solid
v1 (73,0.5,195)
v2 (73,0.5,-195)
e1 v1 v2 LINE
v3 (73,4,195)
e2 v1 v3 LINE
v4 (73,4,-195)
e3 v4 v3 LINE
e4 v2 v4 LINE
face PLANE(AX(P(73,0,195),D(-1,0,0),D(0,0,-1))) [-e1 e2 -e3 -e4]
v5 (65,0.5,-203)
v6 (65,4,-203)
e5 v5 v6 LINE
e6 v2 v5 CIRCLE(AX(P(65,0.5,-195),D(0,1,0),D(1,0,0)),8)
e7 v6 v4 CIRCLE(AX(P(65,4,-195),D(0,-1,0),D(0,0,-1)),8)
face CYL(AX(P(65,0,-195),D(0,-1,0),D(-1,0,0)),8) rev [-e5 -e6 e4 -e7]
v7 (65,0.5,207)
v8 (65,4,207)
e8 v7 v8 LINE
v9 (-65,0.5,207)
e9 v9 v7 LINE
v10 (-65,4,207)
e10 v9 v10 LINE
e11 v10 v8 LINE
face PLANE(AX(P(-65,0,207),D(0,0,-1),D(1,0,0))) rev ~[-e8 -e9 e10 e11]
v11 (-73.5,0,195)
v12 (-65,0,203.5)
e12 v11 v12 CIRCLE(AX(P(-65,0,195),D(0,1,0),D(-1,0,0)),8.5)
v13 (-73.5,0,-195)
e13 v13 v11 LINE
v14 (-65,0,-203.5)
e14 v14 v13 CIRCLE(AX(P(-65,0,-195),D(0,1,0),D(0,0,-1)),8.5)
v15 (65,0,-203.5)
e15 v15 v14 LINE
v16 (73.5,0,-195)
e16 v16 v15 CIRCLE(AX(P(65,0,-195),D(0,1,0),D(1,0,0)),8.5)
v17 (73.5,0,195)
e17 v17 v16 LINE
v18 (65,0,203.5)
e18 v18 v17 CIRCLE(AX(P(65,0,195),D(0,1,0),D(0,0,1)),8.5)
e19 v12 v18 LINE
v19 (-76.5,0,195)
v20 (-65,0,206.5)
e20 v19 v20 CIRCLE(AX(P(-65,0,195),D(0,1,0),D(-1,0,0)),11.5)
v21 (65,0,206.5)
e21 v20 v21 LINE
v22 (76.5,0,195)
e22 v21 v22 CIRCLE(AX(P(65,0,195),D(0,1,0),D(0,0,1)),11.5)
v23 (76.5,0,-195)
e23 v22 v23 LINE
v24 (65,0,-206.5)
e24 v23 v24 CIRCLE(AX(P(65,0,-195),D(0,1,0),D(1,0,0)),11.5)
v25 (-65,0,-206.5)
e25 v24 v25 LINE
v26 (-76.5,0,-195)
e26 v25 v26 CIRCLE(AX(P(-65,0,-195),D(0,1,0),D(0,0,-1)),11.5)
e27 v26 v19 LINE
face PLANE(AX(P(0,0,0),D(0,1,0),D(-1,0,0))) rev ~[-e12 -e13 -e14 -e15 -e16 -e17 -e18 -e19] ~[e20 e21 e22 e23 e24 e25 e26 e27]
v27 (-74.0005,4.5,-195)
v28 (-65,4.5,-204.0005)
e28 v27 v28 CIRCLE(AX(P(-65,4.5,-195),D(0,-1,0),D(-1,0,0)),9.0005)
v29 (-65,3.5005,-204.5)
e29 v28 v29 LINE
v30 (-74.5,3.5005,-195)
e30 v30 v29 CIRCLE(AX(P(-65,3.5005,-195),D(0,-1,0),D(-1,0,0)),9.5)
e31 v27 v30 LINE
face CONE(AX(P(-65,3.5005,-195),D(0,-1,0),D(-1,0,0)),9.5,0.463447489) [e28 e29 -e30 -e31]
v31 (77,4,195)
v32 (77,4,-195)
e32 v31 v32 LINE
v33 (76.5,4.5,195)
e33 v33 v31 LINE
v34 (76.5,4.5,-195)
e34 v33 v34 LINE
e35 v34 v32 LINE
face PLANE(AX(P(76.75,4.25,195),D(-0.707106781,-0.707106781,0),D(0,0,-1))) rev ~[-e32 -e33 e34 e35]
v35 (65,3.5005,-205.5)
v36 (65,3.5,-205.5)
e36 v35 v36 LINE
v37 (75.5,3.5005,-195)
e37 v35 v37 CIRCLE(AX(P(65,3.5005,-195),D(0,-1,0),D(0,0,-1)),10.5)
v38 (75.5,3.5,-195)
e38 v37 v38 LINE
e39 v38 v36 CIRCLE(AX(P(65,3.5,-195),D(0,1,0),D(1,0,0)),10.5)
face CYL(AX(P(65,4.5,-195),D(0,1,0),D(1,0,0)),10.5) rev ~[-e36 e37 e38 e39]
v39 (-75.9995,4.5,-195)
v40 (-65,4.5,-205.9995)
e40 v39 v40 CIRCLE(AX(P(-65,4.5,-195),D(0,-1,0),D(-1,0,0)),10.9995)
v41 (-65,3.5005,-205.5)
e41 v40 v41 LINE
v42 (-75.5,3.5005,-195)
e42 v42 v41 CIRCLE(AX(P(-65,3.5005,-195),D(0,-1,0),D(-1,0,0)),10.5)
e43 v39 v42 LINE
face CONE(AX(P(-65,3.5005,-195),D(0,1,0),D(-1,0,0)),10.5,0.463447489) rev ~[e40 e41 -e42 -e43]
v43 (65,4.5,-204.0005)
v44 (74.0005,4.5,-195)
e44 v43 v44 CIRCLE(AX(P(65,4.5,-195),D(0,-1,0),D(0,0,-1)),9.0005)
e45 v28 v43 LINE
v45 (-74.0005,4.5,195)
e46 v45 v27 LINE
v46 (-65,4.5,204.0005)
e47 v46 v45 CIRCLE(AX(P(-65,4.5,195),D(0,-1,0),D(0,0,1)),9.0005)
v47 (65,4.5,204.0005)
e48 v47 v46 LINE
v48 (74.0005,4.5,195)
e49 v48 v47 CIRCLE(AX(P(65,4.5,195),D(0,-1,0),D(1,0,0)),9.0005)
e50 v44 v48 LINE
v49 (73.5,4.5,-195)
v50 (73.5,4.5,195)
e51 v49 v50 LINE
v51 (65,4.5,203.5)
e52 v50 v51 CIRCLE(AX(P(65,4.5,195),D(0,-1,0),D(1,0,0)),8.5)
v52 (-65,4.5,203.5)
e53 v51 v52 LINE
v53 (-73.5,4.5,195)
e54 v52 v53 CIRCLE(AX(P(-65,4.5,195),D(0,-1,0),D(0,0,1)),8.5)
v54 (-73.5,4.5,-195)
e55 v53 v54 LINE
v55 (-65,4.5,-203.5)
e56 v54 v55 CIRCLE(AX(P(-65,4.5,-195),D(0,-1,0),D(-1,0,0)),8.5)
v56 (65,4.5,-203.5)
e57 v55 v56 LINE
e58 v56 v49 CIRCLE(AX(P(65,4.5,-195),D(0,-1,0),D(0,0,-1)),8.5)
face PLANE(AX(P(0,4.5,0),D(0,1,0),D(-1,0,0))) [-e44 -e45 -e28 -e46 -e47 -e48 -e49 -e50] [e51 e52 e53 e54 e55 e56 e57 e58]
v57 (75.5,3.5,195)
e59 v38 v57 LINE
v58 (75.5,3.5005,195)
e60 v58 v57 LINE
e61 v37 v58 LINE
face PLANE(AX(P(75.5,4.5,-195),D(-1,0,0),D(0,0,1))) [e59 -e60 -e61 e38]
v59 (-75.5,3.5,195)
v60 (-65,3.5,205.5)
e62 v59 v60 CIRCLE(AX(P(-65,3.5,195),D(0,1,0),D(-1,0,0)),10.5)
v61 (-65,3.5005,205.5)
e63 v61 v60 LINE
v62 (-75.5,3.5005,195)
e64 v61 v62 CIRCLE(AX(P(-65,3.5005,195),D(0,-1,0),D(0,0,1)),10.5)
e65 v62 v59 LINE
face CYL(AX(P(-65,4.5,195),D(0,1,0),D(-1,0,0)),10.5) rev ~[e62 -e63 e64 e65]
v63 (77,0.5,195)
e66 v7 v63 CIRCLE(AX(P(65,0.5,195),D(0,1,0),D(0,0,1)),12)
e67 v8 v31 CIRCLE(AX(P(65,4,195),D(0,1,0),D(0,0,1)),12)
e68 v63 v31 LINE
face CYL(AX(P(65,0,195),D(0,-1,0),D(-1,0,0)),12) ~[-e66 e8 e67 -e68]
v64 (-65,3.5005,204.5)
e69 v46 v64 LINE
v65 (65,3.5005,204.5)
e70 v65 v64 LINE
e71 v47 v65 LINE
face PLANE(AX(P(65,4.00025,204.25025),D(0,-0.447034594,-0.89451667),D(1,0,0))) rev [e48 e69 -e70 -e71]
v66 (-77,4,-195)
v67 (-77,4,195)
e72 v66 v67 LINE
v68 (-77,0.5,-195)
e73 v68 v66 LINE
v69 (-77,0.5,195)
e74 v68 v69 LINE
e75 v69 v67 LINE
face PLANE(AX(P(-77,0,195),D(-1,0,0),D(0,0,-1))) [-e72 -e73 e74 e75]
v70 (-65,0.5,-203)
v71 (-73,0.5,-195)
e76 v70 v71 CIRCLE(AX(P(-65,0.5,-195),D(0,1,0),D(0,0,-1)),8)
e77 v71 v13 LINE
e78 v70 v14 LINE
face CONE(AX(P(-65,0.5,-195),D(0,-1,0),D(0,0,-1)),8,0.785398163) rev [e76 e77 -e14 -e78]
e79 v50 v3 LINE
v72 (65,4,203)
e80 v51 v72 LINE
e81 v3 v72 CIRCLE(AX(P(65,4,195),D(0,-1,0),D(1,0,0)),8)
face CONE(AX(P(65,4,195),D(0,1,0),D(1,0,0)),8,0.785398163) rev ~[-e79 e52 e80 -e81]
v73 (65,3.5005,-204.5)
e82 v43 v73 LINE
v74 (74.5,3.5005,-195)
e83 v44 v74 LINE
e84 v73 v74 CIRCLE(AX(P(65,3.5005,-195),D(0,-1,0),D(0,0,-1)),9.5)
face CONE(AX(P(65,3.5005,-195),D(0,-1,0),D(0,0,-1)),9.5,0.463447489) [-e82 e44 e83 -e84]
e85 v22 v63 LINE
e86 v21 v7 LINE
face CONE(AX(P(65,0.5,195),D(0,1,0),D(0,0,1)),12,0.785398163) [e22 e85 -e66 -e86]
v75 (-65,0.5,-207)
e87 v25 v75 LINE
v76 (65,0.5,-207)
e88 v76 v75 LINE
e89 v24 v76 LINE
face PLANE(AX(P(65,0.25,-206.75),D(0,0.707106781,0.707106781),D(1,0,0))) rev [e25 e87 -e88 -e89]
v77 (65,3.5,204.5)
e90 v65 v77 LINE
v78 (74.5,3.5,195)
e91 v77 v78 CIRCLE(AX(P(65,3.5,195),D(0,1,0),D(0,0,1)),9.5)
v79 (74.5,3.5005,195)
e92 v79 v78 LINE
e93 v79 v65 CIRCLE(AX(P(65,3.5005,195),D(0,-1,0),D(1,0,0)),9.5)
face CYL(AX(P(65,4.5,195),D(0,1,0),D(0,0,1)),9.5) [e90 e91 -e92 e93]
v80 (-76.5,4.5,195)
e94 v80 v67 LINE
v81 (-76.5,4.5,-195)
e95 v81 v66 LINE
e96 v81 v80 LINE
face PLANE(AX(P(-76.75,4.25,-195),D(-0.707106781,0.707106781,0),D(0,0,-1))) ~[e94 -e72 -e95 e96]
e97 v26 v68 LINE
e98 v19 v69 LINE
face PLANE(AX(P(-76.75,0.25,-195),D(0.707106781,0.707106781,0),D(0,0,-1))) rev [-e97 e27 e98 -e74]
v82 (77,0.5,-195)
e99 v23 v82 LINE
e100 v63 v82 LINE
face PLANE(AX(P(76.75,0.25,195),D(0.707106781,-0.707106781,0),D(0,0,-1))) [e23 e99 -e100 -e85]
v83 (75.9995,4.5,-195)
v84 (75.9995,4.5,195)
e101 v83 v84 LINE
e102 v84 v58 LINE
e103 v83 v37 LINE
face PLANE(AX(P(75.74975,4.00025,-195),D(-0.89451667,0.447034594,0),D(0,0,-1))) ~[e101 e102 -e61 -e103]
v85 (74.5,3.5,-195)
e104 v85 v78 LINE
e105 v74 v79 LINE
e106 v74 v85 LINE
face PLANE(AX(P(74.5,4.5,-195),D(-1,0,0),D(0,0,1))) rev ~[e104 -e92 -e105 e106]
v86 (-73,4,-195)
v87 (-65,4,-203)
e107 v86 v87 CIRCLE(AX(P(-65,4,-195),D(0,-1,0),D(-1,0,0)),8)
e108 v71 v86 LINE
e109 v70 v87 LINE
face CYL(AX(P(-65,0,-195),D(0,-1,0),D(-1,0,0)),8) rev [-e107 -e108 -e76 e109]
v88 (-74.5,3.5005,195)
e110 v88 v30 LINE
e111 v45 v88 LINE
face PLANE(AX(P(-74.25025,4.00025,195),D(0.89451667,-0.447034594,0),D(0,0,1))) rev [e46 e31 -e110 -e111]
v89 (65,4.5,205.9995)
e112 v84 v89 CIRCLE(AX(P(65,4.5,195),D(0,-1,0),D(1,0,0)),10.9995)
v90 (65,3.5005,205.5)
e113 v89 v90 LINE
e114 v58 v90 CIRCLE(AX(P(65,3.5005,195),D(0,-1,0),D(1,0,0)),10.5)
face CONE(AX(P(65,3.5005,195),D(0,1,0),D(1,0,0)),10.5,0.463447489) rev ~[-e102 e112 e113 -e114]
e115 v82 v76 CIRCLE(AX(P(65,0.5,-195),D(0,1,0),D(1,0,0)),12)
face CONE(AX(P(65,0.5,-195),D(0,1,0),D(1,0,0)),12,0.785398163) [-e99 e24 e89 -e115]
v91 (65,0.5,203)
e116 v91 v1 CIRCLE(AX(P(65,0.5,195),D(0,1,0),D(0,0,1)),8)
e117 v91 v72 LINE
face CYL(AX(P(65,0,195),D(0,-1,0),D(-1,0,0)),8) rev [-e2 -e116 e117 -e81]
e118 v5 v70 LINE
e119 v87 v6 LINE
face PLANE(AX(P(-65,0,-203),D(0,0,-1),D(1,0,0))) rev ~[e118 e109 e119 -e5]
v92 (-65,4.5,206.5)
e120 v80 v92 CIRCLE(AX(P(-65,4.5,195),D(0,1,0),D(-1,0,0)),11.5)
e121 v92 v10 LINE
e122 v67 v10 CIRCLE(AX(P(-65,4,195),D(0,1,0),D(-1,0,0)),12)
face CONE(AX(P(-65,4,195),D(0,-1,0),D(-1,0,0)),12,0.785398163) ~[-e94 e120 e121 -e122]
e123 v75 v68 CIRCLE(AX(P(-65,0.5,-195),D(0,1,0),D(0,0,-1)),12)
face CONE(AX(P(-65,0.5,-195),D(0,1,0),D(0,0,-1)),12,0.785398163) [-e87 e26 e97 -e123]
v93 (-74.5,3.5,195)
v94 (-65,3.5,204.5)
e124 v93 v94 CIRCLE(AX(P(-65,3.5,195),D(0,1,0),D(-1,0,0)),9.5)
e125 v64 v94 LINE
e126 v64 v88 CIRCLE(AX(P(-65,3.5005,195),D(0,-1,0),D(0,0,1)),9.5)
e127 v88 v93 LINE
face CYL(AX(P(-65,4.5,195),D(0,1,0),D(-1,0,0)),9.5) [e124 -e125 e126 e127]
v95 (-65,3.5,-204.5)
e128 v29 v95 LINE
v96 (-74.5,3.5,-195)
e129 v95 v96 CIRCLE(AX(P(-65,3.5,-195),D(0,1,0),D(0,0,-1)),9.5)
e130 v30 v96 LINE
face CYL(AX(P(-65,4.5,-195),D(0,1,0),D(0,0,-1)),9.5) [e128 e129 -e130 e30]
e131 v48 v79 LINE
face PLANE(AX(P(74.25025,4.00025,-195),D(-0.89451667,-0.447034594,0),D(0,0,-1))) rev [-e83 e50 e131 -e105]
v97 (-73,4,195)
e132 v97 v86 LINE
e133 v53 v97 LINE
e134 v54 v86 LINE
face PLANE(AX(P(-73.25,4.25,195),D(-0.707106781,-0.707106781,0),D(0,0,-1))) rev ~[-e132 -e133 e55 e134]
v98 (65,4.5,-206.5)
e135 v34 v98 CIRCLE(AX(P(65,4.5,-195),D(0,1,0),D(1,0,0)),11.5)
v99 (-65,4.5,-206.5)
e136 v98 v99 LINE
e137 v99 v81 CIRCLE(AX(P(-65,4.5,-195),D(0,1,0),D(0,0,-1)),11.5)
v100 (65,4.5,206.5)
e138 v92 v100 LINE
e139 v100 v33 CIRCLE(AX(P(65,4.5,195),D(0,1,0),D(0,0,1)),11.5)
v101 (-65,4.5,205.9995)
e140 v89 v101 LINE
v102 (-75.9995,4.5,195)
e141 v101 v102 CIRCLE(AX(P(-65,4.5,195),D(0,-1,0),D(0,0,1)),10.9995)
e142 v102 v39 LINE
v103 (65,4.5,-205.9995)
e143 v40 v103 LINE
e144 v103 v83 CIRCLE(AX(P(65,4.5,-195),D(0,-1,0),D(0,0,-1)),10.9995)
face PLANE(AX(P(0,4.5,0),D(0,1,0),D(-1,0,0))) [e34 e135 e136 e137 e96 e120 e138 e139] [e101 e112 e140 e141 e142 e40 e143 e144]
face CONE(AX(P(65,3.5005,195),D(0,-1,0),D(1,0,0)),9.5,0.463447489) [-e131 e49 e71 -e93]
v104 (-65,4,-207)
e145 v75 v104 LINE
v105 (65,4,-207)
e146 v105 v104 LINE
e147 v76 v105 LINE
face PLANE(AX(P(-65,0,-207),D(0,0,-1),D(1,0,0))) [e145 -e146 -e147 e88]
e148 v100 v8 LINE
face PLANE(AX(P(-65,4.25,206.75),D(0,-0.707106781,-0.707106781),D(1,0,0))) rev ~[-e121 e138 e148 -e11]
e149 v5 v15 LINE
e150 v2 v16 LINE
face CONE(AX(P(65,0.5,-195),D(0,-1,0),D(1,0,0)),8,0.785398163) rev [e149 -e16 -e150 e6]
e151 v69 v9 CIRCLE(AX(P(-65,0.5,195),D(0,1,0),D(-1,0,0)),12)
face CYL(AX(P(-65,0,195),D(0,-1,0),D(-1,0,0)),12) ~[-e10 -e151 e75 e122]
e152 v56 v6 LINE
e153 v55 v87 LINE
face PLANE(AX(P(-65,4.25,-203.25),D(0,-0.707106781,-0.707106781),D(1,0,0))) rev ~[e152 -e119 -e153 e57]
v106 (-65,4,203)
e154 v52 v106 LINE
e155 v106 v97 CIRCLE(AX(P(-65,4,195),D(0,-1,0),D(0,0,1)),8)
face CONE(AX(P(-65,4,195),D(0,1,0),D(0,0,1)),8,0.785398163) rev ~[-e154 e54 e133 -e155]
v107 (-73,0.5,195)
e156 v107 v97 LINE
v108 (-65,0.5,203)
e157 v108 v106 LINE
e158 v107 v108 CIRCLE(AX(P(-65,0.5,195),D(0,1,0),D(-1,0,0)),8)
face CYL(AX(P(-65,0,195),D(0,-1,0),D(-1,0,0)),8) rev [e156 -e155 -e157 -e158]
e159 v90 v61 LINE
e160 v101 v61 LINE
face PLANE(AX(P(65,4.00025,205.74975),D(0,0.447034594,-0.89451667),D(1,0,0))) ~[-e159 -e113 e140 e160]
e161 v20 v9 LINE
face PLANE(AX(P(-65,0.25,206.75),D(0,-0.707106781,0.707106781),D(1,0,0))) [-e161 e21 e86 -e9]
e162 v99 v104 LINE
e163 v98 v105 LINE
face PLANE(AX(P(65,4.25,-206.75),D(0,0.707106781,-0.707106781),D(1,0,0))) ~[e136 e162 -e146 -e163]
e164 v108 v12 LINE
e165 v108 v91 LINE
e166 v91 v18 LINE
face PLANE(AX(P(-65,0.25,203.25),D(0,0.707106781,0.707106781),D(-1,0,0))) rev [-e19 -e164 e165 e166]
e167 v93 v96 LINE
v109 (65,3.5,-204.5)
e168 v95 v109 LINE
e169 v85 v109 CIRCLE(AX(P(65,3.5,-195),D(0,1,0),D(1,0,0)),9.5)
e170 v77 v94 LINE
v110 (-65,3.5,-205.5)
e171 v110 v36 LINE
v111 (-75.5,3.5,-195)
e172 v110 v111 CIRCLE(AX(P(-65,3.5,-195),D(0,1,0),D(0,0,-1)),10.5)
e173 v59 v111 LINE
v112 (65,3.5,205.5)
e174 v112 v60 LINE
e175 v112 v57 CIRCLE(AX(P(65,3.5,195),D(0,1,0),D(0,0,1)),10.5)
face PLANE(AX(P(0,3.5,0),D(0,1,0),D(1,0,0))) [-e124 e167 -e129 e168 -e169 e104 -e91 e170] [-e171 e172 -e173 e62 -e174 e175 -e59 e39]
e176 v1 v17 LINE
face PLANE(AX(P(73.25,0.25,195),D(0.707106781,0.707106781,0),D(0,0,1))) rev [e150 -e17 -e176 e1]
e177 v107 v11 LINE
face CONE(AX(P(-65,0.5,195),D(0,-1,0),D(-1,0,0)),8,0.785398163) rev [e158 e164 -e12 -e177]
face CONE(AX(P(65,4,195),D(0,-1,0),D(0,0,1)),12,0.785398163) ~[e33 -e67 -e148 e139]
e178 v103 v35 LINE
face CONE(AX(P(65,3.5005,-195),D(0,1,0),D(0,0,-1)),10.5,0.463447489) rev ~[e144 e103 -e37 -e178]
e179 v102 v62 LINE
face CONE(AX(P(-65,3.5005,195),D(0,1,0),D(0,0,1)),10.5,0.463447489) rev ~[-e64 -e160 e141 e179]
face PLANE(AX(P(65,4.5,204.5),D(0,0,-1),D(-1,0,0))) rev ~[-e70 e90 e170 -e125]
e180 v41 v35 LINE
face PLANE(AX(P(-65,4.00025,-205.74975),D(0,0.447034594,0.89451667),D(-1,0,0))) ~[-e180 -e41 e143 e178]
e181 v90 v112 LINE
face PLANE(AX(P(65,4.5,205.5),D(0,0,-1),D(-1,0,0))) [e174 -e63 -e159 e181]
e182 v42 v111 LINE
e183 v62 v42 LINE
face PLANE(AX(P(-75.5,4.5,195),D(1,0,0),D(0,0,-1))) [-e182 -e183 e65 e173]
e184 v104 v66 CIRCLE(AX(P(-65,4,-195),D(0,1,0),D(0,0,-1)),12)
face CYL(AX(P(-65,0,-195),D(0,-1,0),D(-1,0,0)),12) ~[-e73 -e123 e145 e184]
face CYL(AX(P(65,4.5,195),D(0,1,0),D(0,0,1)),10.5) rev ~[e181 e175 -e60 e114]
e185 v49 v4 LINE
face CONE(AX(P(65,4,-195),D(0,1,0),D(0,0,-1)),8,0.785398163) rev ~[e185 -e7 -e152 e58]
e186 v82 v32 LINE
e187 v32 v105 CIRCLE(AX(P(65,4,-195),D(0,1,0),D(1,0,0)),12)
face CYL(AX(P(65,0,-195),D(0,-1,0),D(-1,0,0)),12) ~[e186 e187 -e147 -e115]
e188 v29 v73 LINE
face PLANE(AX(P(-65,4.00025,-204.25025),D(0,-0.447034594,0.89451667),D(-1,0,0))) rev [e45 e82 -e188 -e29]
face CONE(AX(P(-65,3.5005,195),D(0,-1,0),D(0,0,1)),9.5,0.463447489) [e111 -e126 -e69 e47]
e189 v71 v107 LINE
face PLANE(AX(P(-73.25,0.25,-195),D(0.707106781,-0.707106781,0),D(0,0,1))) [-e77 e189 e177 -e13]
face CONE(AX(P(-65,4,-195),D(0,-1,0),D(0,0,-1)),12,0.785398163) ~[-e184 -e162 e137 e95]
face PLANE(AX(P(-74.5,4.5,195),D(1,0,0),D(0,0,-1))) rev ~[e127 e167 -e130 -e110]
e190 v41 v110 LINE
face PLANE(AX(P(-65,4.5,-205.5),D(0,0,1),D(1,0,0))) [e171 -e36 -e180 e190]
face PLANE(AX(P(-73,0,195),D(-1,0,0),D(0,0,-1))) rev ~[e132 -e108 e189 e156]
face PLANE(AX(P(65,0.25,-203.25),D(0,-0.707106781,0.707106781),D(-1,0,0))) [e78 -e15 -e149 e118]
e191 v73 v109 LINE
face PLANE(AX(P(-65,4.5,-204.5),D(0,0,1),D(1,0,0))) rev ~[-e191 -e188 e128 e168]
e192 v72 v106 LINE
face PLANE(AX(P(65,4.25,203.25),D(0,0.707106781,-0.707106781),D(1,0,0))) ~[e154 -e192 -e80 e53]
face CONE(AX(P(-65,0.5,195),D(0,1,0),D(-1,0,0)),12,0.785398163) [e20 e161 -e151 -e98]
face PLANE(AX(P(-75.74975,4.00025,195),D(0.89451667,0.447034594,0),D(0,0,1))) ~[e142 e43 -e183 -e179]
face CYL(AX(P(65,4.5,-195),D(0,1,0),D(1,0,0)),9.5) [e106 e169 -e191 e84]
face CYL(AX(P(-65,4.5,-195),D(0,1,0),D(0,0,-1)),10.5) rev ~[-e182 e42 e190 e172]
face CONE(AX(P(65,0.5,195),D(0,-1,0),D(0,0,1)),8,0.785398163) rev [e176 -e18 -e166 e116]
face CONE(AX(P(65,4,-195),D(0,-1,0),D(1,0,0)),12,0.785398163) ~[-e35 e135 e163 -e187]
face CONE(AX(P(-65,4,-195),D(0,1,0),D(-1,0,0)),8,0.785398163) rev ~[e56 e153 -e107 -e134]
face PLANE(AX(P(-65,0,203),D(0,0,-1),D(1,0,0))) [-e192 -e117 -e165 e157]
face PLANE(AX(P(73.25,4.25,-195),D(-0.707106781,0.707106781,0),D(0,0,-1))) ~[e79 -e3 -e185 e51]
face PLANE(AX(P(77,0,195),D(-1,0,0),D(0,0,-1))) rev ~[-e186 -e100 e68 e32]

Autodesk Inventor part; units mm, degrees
ref_plane "YZ Plane" through (0, 0, 0) normal (1, 0, 0) x (0, 1, 0)
ref_plane "XZ Plane" through (0, 0, 0) normal (0, 1, 0) x (-1, 0, 0)
ref_plane "XY Plane" through (0, 0, 0) normal (0, 0, 1) x (1, 0, 0)
sketch "Sketch1" plane through (0, 0, 0) normal (0, 1, 0) x (-1, 0, 0)
  circle A0 centre (65, 195) radius 12
  circle A1 centre (65, -195) radius 12
  circle A2 centre (-65, 195) radius 12
  circle A3 centre (-65, -195) radius 12
  line L0 (77, 195) -> (77, -195)
  line L1 (65, -207) -> (-65, -207)
  line L2 (65, 207) -> (-65, 207)
  line L3 (-77, 195) -> (-77, -195)
  line L4 (73, 195) -> (73, -195)
  circle A4 centre (65, 195) radius 8
  line L5 (65, 203) -> (-65, 203)
  circle A5 centre (-65, 195) radius 8
  line L6 (-73, 195) -> (-73, -195)
  circle A6 centre (-65, -195) radius 8
  line L7 (65, -203) -> (-65, -203)
  circle A7 centre (65, -195) radius 8
  point P0 (0, 0)
  point P1 (77, 0)
  point P2 (0, 207)
  point P3 (35, 143)
  point P4 (68, 135)
  point P5 (68, -135)
  point P6 (35, -143)
  point P7 (-60, -203)
  point P8 (-68, -135)
  point P9 (-68, 135)
  point P10 (-60, 203)
  dimension "d0" = 24
  dimension "d1" = 24
  dimension "d2" = 24
  dimension "d3" = 24
  dimension "d6" = 4
  dimension "d7" = 4
  dimension "d8" = 4
  dimension "d9" = 4
  dimension "d10" = 4
  dimension "d11" = 4
  dimension "d12" = 4
  dimension "d13" = 4
  dimension "d35" = 414
  dimension "d36" = 154
extrude "Extrusion1" add sketch "Sketch1" along normal blind 4.5 contours A0 L4 A4 L5 | L0 A1 L4 A0 | A0 L5 A2 L2 | A1 L7 A7 L4 | A2 L5 A5 L6 | L1 A3 L7 A1 | A2 L6 A3 L3 | A3 L6 A6 L7 picked at (59.6594, 203.5636) picked at (59.6594, -203.5636) picked at (-59.6594, 203.5636) picked at (-59.6594, -203.5636)
sketch "Sketch2" plane through (0, 4.5, 0) normal (0, 1, 0) x (1, 0, 0)
  line L0 (-77, 195) -> (-77, -195) projected
  arc A0 (-77, -195) -> (-65, -207) centre (-65, -195) ccw projected
  line L1 (-65, -207) -> (65, -207) projected
  arc A1 (65, -207) -> (77, -195) centre (65, -195) ccw projected
  line L2 (77, -195) -> (77, 195) projected
  arc A2 (77, 195) -> (65, 207) centre (65, 195) ccw projected
  line L3 (65, 207) -> (-65, 207) projected
  arc A3 (-65, 207) -> (-77, 195) centre (-65, 195) ccw projected
  line L4 (-74.5, -195) -> (-74.5, 195)
  arc A4 (-65, 204.5) -> (-74.5, 195) centre (-65, 195) ccw
  line L5 (-65, 204.5) -> (65, 204.5)
  arc A5 (74.5, 195) -> (65, 204.5) centre (65, 195) ccw
  line L6 (74.5, 195) -> (74.5, -195)
  arc A6 (65, -204.5) -> (74.5, -195) centre (65, -195) ccw
  line L7 (65, -204.5) -> (-65, -204.5)
  arc A7 (-74.5, -195) -> (-65, -204.5) centre (-65, -195) ccw
  line L8 (-75.5, -195) -> (-75.5, 195)
  arc A8 (-65, 205.5) -> (-75.5, 195) centre (-65, 195) ccw
  line L9 (-65, 205.5) -> (65, 205.5)
  arc A9 (75.5, 195) -> (65, 205.5) centre (65, 195) ccw
  line L10 (75.5, 195) -> (75.5, -195)
  arc A10 (65, -205.5) -> (75.5, -195) centre (65, -195) ccw
  line L11 (65, -205.5) -> (-65, -205.5)
  arc A11 (-75.5, -195) -> (-65, -205.5) centre (-65, -195) ccw
  point P0 (0, 0)
  dimension "d16" = 2.5
  dimension "d17" = 1.5
extrude "Extrusion2" cut sketch "Sketch2" against normal blind 1 contours L8 A8 L9 A9 L10 A10 L11 A11
chamfer "Chamfer3" distance 0.5 distance2 1 8 edges at (0, 4.5, 205.5) (-72.4246, 4.5, 202.4246) (-75.5, 4.5, 0) (-72.4246, 4.5, -202.4246) (0, 4.5, -205.5) (72.4246, 4.5, -202.4246) (75.5, 4.5, 0) (72.4246, 4.5, 202.4246) measured on face at (76, 4.5, -65)
chamfer "Chamfer4" distance 0.5 distance2 1 8 edges at (0, 4.5, 204.5) (71.7175, 4.5, 201.7175) (74.5, 4.5, 0) (71.7175, 4.5, -201.7175) (0, 4.5, -204.5) (-71.7175, 4.5, -201.7175) (-74.5, 4.5, 0) (-71.7175, 4.5, 201.7175) measured on face at (-74, 4.5, -65)
chamfer "Chamfer5" distance 0.5 angle 45 32 edges at (0, 4.5, 207) (73.4853, 4.5, 203.4853) (77, 4.5, 0) (73.4853, 4.5, -203.4853) (0, 4.5, -207) (-73.4853, 4.5, -203.4853) (-77, 4.5, 0) (-73.4853, 4.5, 203.4853) (0, 4.5, 203) (-70.6569, 4.5, 200.6569) (-73, 4.5, 0) (-70.6569, 4.5, -200.6569) (0, 4.5, -203) (70.6569, 4.5, -200.6569) (73, 4.5, 0) (70.6569, 4.5, 200.6569) (73.4853, 0, 203.4853) (77, 0, 0) (73.4853, 0, -203.4853) (0, 0, -207) (-73.4853, 0, -203.4853) (-77, 0, 0) (-73.4853, 0, 203.4853) (0, 0, 207) (0, 0, 203) (-70.6569, 0, 200.6569) (-73, 0, 0) (-70.6569, 0, -200.6569) (0, 0, -203) (70.6569, 0, -200.6569) (73, 0, 0) (70.6569, 0, 200.6569)
properties part number "LI0005-SEAL"
